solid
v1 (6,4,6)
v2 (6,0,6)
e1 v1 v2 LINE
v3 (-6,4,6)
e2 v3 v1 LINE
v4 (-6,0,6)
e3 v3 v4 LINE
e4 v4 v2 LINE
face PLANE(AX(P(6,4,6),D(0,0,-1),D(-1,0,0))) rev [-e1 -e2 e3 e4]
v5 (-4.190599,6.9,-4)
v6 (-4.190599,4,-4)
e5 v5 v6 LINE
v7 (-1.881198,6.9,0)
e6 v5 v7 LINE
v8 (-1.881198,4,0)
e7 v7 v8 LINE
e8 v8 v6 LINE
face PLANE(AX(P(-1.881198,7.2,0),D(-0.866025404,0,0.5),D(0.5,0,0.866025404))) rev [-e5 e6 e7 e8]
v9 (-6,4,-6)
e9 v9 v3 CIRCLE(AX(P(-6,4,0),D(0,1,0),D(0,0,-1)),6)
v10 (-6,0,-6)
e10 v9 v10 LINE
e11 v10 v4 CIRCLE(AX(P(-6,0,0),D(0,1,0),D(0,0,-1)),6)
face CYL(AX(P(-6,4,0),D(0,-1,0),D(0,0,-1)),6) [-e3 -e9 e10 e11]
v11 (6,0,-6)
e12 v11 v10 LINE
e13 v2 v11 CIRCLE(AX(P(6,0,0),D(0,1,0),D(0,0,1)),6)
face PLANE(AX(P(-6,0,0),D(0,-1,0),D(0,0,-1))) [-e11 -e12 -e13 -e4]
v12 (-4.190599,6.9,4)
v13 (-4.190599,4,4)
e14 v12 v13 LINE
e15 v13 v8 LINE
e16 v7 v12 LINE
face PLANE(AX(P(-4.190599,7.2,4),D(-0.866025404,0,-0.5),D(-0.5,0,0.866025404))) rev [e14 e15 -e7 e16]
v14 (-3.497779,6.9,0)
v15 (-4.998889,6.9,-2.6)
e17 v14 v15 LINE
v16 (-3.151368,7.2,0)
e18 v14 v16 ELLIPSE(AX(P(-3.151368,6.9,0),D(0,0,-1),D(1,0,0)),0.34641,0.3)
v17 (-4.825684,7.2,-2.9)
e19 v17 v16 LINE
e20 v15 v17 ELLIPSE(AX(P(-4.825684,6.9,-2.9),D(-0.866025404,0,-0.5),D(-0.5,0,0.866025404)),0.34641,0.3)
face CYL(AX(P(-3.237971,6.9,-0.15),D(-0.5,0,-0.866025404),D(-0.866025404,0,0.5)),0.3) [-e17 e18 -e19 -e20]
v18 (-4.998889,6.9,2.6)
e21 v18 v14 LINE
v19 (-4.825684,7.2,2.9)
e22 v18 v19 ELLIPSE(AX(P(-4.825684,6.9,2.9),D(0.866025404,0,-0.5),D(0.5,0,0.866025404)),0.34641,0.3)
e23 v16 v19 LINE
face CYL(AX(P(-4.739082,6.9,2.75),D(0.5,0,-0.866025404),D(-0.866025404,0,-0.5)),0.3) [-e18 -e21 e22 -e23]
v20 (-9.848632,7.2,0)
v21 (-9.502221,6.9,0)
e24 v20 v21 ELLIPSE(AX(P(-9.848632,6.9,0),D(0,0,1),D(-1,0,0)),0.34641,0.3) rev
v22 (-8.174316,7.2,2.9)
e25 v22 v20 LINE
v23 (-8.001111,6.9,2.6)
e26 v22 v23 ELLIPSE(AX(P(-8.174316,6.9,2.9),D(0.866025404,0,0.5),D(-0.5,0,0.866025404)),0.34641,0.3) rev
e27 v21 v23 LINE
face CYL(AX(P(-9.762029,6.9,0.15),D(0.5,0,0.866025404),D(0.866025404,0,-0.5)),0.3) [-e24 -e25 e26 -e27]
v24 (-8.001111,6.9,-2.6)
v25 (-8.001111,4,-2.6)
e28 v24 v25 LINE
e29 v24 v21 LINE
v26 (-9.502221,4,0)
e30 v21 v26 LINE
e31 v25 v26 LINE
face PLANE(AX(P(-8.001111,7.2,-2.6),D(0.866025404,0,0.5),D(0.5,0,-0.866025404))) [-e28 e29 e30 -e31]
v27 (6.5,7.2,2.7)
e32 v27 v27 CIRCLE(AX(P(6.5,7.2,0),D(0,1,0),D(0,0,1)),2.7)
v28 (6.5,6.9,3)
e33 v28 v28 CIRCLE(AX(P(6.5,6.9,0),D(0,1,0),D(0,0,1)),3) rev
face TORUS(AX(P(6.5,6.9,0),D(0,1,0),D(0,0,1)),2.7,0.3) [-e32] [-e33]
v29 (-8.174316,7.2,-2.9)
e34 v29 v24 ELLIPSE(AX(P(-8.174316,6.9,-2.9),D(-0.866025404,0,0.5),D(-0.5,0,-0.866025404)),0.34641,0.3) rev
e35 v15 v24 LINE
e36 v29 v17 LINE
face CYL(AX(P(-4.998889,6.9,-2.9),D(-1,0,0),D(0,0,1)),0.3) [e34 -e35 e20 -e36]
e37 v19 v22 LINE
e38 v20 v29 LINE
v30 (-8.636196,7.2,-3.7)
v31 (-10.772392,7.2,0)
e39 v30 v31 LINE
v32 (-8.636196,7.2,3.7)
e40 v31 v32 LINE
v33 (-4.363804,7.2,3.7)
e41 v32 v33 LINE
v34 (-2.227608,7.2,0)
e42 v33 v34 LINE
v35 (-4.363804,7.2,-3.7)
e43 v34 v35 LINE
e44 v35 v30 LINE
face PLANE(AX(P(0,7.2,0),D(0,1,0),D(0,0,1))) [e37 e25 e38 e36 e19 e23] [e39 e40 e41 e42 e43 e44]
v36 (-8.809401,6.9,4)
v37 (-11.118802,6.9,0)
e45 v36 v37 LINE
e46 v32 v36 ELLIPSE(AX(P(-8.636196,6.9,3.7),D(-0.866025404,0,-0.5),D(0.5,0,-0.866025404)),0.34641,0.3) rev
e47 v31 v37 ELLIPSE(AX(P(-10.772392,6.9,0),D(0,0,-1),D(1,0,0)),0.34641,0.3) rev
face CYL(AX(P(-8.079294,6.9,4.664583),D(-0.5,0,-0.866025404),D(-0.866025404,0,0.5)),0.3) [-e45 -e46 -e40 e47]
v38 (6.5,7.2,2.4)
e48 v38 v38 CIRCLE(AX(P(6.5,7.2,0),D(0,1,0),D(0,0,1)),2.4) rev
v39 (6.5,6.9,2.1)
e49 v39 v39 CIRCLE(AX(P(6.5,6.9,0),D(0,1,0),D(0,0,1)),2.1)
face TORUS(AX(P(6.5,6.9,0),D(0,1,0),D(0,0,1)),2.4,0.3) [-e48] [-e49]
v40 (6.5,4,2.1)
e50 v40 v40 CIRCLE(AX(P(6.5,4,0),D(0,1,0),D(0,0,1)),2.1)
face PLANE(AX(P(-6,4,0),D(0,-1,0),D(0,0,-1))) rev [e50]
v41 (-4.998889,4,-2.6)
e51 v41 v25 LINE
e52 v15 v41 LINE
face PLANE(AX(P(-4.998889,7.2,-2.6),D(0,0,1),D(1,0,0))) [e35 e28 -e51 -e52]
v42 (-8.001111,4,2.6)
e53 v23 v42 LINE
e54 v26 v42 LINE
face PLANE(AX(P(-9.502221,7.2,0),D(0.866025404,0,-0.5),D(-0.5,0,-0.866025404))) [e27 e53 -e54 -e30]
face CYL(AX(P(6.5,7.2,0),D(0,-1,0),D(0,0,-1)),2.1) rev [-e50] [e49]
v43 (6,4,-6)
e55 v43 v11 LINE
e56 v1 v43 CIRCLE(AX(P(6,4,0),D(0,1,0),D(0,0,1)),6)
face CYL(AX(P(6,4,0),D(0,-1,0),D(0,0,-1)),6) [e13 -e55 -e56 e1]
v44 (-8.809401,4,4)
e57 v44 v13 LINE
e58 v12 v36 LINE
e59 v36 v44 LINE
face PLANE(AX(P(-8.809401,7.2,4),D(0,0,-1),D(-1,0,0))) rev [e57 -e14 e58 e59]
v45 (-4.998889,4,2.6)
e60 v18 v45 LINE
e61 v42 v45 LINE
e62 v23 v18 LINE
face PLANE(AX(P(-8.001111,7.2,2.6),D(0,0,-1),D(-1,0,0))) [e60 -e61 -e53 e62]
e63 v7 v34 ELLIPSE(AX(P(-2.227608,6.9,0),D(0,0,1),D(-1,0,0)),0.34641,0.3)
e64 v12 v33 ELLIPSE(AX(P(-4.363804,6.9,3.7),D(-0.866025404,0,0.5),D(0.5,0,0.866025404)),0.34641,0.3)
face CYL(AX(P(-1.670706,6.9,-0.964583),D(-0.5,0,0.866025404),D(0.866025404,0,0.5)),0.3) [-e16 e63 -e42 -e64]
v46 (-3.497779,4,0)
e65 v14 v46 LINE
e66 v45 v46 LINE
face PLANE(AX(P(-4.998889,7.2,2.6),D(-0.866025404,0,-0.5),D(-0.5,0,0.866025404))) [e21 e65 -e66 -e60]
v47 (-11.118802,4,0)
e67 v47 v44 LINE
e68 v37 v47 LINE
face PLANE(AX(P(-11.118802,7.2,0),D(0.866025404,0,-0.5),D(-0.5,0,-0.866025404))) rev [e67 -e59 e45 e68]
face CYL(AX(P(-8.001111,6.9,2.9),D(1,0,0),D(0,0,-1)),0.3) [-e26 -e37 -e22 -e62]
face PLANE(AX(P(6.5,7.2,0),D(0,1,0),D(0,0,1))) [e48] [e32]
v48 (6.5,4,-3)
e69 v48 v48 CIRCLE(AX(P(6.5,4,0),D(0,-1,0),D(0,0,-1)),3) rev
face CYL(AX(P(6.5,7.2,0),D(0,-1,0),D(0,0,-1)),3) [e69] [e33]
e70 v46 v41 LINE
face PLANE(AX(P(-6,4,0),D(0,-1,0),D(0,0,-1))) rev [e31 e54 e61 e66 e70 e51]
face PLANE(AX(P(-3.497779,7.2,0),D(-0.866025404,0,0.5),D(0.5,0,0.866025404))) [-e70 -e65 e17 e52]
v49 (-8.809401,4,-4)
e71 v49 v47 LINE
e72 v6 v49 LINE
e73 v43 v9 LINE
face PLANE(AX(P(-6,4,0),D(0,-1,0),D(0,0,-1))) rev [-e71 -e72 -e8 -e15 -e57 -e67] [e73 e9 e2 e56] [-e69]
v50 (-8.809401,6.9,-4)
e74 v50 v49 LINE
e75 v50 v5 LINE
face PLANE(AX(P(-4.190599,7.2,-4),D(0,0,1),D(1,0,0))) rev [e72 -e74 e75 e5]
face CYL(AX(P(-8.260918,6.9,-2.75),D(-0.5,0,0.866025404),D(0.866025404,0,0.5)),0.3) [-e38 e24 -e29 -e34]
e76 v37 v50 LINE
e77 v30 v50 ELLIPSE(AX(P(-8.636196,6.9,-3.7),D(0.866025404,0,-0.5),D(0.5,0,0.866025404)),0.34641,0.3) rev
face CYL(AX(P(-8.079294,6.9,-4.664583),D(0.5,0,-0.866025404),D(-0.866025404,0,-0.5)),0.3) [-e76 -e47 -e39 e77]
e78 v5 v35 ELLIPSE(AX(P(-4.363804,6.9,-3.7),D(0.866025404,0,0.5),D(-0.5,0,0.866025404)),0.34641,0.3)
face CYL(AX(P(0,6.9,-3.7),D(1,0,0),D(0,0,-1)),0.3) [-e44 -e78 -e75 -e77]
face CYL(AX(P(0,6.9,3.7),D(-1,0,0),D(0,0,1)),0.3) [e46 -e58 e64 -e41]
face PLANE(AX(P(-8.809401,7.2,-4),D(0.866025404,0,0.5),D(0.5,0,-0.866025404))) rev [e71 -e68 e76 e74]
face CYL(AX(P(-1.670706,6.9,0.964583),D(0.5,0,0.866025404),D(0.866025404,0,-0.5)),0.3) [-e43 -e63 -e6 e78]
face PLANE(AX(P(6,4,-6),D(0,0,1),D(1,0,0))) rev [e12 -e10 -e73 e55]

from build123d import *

# Parameters (mm, degrees)
EXTRUDE_1_DEPTH = 4
SKETCH_2_R      = 3
SKETCH_2_R_2    = 2.1
EXTRUDE_2_DEPTH = 3.2
FILLET_1_R      = 0.3


with BuildPart() as part:
    # Эскиз1 → Бобышка-Вытянуть1 (new body)
    with BuildSketch(Plane(origin=(0, 0, 0), x_dir=(1, 0, 0), z_dir=(0, 1, 0))):
        with BuildLine():
            Line((6, 6), (-6, 6))
            ThreePointArc((-6, 6), (-12, 0), (-6, -6))
            Line((-6, -6), (6, -6))
            ThreePointArc((6, -6), (12, 0), (6, 6))
        make_face()
    extrude(amount=EXTRUDE_1_DEPTH)

    # Эскиз2 → Бобышка-Вытянуть2 (add)
    # profile 1 of 2: a face of its own
    with BuildSketch(Plane(origin=(0, 4, 0), x_dir=(1, 0, 0), z_dir=(0, 1, 0))):
        with Locations(Location((6.5, 0, 0), (0, 0, 90))):
            Circle(SKETCH_2_R)
        with Locations(Location((6.5, 0, 0), (0, 0, 270))):
            Circle(SKETCH_2_R_2, mode=Mode.SUBTRACT)
    # profile 2 of 2: a face of its own
    with BuildSketch(Plane(origin=(0, 4, 0), x_dir=(1, 0, 0), z_dir=(0, 1, 0))):
        Polygon((-1.881197846, 0), (-4.190598923, 4), (-8.809401077, 4), (-11.118802154, 0), (-8.809401077, -4), (-4.190598923, -4), align=None)
        Polygon((-3.4977786, 0), (-4.9988893, 2.6), (-8.0011107, 2.6), (-9.5022214, 0), (-8.0011107, -2.6), (-4.9988893, -2.6), align=None, mode=Mode.SUBTRACT)
    extrude(amount=EXTRUDE_2_DEPTH)

    # Скругление1
    fillet_1_edges = [part.edges().sort_by_distance(p)[0] for p in [
        (6.5, 7.2, 3),
        (6.5, 7.2, -2.1),
        (-3.035898385, 7.2, 2),
        (-3.035898385, 7.2, -2),
        (-6.5, 7.2, -4),
        (-9.964101615, 7.2, -2),
        (-9.964101615, 7.2, 2),
        (-6.5, 7.2, 4),
        (-4.24833395, 7.2, 1.3),
        (-4.24833395, 7.2, -1.3),
        (-6.5, 7.2, -2.6),
        (-8.75166605, 7.2, -1.3),
        (-8.75166605, 7.2, 1.3),
        (-6.5, 7.2, 2.6),
    ]]
    fillet(fillet_1_edges, radius=FILLET_1_R)


solid = part.part
